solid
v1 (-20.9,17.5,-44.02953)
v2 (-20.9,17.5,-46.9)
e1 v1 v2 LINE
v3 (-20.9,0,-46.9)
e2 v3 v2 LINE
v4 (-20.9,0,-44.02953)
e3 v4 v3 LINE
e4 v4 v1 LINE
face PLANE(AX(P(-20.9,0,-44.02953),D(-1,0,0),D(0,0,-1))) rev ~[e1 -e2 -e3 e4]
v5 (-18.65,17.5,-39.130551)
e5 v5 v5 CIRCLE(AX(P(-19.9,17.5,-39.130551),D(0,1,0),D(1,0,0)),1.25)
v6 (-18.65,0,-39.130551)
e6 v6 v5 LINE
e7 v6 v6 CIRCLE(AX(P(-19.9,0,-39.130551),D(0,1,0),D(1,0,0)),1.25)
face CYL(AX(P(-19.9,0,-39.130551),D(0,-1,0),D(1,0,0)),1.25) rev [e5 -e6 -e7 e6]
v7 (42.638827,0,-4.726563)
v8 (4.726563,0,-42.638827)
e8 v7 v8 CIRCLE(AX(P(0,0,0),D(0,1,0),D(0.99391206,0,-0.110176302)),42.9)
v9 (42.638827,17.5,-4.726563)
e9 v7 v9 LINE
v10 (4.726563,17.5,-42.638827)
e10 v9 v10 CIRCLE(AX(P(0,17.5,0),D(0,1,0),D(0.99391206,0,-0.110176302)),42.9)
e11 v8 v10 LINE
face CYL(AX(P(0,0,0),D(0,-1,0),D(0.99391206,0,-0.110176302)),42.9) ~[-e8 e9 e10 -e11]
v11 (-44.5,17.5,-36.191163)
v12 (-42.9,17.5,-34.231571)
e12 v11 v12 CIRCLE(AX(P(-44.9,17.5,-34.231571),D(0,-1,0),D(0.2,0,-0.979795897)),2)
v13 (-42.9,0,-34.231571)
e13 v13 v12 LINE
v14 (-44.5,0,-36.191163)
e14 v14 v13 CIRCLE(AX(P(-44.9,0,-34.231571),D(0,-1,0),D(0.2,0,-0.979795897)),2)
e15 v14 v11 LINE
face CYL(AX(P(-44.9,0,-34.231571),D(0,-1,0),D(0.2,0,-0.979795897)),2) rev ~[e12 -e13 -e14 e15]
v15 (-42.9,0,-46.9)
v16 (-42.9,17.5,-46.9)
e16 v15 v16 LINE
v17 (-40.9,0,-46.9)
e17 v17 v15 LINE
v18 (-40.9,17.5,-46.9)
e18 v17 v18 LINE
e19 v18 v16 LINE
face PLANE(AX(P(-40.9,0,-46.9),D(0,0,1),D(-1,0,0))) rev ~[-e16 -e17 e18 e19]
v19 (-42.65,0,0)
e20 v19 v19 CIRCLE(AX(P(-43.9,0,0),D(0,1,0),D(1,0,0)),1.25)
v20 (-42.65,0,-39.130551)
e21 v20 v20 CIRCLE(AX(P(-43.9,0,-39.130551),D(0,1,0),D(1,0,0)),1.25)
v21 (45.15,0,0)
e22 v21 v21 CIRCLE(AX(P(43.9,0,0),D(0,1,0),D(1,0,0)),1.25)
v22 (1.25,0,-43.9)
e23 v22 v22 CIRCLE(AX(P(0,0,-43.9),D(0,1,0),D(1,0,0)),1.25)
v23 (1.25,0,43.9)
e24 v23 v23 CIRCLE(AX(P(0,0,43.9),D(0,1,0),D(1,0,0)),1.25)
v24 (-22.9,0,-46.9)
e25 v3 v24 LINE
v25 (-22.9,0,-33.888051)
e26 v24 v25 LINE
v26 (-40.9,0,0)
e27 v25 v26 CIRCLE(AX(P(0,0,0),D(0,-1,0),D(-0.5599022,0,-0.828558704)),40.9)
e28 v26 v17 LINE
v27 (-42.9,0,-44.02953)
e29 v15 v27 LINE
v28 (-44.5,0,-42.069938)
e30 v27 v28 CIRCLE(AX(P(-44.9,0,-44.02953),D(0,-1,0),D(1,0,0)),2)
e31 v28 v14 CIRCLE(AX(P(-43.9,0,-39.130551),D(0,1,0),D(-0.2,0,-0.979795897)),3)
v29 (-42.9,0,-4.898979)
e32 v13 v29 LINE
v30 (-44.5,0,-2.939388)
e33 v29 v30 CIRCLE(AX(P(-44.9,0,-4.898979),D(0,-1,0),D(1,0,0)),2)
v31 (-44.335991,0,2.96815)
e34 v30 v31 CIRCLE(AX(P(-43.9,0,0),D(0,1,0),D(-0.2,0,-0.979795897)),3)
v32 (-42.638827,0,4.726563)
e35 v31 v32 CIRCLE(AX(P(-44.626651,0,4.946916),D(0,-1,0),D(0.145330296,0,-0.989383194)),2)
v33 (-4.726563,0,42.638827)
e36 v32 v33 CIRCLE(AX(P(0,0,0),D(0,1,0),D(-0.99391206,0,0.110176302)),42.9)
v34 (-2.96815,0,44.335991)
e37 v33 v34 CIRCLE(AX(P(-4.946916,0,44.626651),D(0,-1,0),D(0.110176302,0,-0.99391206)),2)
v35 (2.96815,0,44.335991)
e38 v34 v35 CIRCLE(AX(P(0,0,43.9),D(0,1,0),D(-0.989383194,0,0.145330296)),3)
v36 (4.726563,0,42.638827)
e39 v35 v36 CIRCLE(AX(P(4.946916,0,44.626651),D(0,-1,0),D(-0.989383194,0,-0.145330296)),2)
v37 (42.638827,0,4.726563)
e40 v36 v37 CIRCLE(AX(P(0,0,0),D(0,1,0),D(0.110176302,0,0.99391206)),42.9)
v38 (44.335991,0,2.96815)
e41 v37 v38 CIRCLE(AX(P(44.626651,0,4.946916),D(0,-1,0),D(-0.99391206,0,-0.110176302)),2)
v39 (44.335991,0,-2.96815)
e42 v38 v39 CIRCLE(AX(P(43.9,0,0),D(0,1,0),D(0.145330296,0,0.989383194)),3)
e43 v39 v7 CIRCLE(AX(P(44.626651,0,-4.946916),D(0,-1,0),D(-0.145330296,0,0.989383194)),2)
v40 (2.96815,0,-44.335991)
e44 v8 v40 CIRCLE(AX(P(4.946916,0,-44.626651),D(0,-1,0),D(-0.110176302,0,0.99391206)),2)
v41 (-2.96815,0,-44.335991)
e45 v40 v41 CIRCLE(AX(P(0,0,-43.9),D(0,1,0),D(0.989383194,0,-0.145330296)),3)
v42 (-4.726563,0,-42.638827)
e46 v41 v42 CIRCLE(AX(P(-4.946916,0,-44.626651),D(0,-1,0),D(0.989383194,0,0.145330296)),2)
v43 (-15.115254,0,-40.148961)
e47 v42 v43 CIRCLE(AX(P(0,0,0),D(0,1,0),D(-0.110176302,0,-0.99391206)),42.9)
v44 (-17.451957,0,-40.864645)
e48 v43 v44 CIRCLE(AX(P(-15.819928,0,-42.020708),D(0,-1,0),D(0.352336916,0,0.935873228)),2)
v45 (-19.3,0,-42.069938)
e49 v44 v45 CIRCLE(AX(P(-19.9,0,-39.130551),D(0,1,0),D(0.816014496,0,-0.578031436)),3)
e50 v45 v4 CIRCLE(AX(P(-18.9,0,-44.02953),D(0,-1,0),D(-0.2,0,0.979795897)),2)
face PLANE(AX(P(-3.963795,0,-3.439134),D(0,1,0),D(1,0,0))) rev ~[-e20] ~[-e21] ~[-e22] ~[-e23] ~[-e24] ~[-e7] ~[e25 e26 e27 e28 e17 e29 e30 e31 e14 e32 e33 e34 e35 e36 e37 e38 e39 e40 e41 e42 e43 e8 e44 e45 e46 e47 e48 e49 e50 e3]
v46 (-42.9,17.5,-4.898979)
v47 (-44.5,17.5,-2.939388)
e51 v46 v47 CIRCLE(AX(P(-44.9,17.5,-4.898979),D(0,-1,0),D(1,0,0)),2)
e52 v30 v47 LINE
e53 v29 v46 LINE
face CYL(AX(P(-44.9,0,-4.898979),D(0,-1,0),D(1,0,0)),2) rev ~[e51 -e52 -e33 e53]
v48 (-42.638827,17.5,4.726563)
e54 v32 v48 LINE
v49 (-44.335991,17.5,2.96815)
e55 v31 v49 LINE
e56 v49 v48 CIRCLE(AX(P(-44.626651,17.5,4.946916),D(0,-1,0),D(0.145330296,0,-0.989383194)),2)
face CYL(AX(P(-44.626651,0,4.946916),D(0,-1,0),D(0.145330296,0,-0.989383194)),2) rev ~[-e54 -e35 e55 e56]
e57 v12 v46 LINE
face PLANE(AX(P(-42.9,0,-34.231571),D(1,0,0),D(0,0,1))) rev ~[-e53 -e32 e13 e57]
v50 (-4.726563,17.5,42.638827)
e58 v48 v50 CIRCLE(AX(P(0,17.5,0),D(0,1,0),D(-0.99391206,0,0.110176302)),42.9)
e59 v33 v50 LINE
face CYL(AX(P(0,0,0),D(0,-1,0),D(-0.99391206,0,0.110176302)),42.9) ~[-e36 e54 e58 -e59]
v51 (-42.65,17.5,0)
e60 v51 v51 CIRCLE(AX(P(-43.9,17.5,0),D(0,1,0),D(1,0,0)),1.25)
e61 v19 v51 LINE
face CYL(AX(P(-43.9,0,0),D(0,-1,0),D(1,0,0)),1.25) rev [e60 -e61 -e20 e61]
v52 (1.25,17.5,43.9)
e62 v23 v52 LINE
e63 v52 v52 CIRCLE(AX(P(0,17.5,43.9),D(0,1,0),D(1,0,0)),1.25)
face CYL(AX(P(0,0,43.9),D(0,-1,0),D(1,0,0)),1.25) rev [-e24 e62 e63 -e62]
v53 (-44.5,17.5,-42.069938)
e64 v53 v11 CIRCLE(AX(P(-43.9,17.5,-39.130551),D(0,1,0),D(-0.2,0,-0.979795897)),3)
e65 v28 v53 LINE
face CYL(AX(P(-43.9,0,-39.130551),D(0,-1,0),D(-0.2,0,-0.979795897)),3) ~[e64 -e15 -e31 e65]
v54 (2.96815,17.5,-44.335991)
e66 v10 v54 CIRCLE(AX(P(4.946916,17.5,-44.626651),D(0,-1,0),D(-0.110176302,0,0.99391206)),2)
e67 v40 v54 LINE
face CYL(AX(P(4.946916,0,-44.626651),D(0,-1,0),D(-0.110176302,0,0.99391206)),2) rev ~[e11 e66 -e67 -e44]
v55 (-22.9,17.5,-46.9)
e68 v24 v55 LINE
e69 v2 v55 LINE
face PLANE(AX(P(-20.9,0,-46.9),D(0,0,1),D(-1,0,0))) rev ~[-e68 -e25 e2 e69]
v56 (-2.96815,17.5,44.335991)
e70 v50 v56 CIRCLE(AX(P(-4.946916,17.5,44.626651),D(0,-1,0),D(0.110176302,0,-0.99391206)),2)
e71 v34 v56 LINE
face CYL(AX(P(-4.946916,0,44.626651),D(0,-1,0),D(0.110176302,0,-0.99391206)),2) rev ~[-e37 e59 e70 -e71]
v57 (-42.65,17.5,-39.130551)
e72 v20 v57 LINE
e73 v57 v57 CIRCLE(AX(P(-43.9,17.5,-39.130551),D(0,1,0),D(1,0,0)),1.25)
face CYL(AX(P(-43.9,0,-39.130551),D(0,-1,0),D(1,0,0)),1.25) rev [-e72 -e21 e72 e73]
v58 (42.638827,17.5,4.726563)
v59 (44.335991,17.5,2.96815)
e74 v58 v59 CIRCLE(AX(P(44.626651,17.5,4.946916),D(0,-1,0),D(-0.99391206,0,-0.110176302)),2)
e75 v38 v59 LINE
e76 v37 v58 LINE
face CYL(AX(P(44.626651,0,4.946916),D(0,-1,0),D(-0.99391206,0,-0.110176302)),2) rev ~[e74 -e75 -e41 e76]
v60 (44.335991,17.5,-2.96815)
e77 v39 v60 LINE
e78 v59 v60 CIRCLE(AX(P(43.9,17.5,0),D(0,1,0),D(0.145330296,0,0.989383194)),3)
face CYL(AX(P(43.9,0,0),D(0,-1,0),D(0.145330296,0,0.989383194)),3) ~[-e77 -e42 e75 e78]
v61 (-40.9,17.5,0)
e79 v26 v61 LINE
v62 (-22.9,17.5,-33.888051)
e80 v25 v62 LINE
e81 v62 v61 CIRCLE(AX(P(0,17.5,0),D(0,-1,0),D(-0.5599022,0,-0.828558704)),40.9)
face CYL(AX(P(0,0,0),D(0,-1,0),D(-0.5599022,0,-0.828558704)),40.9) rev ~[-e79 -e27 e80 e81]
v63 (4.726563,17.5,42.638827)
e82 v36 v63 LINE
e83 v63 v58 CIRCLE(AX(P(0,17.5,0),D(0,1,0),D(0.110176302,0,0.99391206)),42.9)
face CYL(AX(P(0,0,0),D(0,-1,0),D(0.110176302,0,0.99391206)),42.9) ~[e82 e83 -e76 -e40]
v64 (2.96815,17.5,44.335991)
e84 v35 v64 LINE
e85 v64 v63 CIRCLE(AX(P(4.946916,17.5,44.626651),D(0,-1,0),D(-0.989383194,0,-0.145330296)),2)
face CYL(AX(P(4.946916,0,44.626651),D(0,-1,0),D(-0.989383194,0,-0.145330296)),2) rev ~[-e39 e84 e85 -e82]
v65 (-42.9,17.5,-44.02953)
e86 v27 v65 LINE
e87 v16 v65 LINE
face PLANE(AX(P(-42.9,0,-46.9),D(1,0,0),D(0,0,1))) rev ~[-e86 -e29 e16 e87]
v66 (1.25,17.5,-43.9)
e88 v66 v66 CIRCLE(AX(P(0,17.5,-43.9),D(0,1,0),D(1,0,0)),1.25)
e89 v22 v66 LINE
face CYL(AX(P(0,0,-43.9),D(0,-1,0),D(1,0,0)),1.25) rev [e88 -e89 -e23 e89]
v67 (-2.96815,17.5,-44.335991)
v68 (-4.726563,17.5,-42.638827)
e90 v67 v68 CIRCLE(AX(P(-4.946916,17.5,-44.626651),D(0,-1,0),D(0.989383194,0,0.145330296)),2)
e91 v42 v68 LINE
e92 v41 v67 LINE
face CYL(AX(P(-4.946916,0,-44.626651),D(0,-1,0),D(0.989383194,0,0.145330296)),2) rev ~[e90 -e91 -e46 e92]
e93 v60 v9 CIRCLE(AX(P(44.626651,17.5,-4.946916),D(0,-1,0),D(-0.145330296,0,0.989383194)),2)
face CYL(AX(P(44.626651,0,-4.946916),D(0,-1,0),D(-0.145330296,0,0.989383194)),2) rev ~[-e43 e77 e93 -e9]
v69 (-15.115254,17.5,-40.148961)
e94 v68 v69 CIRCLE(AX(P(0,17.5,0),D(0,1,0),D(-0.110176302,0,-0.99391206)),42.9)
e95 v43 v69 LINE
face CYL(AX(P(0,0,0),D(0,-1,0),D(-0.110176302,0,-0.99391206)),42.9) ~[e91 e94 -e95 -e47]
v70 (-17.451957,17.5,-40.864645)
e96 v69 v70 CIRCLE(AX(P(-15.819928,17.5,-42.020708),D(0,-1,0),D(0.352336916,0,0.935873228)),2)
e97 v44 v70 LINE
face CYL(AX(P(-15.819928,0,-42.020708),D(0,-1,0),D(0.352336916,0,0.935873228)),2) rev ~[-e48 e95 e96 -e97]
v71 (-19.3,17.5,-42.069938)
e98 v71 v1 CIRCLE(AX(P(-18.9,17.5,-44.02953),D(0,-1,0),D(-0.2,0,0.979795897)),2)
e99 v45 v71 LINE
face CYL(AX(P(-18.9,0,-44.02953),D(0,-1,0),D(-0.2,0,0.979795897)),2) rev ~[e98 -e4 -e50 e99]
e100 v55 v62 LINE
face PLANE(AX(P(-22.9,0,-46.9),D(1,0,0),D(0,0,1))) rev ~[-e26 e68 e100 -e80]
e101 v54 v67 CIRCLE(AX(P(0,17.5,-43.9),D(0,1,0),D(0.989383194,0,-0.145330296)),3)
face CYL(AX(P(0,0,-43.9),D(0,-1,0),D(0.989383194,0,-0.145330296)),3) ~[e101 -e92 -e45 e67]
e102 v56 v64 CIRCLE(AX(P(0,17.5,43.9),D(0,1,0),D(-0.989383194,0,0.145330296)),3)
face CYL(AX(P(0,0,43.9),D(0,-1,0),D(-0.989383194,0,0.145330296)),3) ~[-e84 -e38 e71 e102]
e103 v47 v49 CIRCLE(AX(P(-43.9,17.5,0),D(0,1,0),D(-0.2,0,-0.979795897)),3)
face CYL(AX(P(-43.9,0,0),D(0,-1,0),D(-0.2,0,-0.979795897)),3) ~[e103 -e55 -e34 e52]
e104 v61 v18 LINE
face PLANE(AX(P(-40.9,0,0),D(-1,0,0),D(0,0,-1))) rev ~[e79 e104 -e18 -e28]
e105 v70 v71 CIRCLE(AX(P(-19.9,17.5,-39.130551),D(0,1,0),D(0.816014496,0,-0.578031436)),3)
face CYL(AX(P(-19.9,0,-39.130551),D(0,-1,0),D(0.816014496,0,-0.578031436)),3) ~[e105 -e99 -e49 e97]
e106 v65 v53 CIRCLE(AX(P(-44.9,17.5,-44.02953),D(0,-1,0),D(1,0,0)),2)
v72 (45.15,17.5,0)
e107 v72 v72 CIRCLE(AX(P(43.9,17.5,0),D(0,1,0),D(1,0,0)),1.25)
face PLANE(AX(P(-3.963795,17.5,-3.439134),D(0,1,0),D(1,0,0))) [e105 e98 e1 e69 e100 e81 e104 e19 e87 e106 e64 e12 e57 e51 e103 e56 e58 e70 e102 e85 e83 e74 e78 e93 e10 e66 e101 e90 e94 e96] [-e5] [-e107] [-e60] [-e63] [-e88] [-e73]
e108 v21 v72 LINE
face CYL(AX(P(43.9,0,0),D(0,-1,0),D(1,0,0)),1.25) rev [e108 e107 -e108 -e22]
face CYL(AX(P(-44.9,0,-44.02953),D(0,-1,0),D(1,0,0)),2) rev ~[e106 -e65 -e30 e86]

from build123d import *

# Parameters (mm, degrees)
SKETCH_1_R      = 1.25
EXTRUDE_1_DEPTH = 17.5


with BuildPart() as part:
    # 草图1 → 凸台-拉伸1 (new body)
    with BuildSketch(Plane(origin=(0, 0, 0), x_dir=(1, 0, 0), z_dir=(0, 1, 0))):
        with BuildLine():
            Line((-40.9, 0), (-40.9, 46.9))
            Line((-40.9, 46.9), (-42.9, 46.9))
            Line((-42.9, 46.9), (-42.9, 44.02953021))
            ThreePointArc((-42.9, 44.02953021), (-43.350806662, 42.764619146), (-44.5, 42.069938416))
            ThreePointArc((-44.5, 42.069938416), (-46.9, 39.130550724), (-44.5, 36.191163033))
            ThreePointArc((-44.5, 36.191163033), (-43.350806662, 35.496482303), (-42.9, 34.231571239))
            Line((-42.9, 34.231571239), (-42.9, 4.898979486))
            ThreePointArc((-42.9, 4.898979486), (-43.350806662, 3.634068421), (-44.5, 2.939387691))
            ThreePointArc((-44.5, 2.939387691), (-46.898844518, -0.083255983), (-44.335990888, -2.968149583))
            ThreePointArc((-44.335990888, -2.968149583), (-43.187596963, -3.557987573), (-42.638827361, -4.726563367))
            ThreePointArc((-42.638827361, -4.726563367), (-30.334880913, -30.334880913), (-4.726563367, -42.638827361))
            ThreePointArc((-4.726563367, -42.638827361), (-3.557987573, -43.187596963), (-2.968149583, -44.335990888))
            ThreePointArc((-2.968149583, -44.335990888), (0, -46.9), (2.968149583, -44.335990888))
            ThreePointArc((2.968149583, -44.335990888), (3.557987573, -43.187596963), (4.726563367, -42.638827361))
            ThreePointArc((4.726563367, -42.638827361), (30.334880913, -30.334880913), (42.638827361, -4.726563367))
            ThreePointArc((42.638827361, -4.726563367), (43.187596963, -3.557987573), (44.335990888, -2.968149583))
            ThreePointArc((44.335990888, -2.968149583), (46.9, 0), (44.335990888, 2.968149583))
            ThreePointArc((44.335990888, 2.968149583), (43.187596963, 3.557987573), (42.638827361, 4.726563367))
            ThreePointArc((42.638827361, 4.726563367), (30.334880913, 30.334880913), (4.726563367, 42.638827361))
            ThreePointArc((4.726563367, 42.638827361), (3.557987573, 43.187596963), (2.968149583, 44.335990888))
            ThreePointArc((2.968149583, 44.335990888), (0, 46.9), (-2.968149583, 44.335990888))
            ThreePointArc((-2.968149583, 44.335990888), (-3.557987573, 43.187596963), (-4.726563367, 42.638827361))
            ThreePointArc((-4.726563367, 42.638827361), (-9.998714121, 41.718529647), (-15.115253688, 40.148961455))
            ThreePointArc((-15.115253688, 40.148961455), (-16.405630214, 40.108391944), (-17.451956512, 40.864645036))
            ThreePointArc((-17.451956512, 40.864645036), (-18.261151224, 41.643352884), (-19.3, 42.069938416))
            ThreePointArc((-19.3, 42.069938416), (-20.449193338, 42.764619146), (-20.9, 44.02953021))
            Line((-20.9, 44.02953021), (-20.9, 46.9))
            Line((-20.9, 46.9), (-22.9, 46.9))
            Line((-22.9, 46.9), (-22.9, 33.888050991))
            ThreePointArc((-22.9, 33.888050991), (36.120769649, -19.185932346), (-40.9, 0))
        make_face()
        with Locations((0, 43.9)):
            Circle(SKETCH_1_R, mode=Mode.SUBTRACT)
        with Locations((43.9, 0)):
            Circle(SKETCH_1_R, mode=Mode.SUBTRACT)
        with Locations((0, -43.9)):
            Circle(SKETCH_1_R, mode=Mode.SUBTRACT)
        with Locations((-43.9, 0)):
            Circle(SKETCH_1_R, mode=Mode.SUBTRACT)
        with Locations((-19.9, 39.130550724)):
            Circle(SKETCH_1_R, mode=Mode.SUBTRACT)
        with Locations((-43.9, 39.130550724)):
            Circle(SKETCH_1_R, mode=Mode.SUBTRACT)
    extrude(amount=EXTRUDE_1_DEPTH)


solid = part.part
